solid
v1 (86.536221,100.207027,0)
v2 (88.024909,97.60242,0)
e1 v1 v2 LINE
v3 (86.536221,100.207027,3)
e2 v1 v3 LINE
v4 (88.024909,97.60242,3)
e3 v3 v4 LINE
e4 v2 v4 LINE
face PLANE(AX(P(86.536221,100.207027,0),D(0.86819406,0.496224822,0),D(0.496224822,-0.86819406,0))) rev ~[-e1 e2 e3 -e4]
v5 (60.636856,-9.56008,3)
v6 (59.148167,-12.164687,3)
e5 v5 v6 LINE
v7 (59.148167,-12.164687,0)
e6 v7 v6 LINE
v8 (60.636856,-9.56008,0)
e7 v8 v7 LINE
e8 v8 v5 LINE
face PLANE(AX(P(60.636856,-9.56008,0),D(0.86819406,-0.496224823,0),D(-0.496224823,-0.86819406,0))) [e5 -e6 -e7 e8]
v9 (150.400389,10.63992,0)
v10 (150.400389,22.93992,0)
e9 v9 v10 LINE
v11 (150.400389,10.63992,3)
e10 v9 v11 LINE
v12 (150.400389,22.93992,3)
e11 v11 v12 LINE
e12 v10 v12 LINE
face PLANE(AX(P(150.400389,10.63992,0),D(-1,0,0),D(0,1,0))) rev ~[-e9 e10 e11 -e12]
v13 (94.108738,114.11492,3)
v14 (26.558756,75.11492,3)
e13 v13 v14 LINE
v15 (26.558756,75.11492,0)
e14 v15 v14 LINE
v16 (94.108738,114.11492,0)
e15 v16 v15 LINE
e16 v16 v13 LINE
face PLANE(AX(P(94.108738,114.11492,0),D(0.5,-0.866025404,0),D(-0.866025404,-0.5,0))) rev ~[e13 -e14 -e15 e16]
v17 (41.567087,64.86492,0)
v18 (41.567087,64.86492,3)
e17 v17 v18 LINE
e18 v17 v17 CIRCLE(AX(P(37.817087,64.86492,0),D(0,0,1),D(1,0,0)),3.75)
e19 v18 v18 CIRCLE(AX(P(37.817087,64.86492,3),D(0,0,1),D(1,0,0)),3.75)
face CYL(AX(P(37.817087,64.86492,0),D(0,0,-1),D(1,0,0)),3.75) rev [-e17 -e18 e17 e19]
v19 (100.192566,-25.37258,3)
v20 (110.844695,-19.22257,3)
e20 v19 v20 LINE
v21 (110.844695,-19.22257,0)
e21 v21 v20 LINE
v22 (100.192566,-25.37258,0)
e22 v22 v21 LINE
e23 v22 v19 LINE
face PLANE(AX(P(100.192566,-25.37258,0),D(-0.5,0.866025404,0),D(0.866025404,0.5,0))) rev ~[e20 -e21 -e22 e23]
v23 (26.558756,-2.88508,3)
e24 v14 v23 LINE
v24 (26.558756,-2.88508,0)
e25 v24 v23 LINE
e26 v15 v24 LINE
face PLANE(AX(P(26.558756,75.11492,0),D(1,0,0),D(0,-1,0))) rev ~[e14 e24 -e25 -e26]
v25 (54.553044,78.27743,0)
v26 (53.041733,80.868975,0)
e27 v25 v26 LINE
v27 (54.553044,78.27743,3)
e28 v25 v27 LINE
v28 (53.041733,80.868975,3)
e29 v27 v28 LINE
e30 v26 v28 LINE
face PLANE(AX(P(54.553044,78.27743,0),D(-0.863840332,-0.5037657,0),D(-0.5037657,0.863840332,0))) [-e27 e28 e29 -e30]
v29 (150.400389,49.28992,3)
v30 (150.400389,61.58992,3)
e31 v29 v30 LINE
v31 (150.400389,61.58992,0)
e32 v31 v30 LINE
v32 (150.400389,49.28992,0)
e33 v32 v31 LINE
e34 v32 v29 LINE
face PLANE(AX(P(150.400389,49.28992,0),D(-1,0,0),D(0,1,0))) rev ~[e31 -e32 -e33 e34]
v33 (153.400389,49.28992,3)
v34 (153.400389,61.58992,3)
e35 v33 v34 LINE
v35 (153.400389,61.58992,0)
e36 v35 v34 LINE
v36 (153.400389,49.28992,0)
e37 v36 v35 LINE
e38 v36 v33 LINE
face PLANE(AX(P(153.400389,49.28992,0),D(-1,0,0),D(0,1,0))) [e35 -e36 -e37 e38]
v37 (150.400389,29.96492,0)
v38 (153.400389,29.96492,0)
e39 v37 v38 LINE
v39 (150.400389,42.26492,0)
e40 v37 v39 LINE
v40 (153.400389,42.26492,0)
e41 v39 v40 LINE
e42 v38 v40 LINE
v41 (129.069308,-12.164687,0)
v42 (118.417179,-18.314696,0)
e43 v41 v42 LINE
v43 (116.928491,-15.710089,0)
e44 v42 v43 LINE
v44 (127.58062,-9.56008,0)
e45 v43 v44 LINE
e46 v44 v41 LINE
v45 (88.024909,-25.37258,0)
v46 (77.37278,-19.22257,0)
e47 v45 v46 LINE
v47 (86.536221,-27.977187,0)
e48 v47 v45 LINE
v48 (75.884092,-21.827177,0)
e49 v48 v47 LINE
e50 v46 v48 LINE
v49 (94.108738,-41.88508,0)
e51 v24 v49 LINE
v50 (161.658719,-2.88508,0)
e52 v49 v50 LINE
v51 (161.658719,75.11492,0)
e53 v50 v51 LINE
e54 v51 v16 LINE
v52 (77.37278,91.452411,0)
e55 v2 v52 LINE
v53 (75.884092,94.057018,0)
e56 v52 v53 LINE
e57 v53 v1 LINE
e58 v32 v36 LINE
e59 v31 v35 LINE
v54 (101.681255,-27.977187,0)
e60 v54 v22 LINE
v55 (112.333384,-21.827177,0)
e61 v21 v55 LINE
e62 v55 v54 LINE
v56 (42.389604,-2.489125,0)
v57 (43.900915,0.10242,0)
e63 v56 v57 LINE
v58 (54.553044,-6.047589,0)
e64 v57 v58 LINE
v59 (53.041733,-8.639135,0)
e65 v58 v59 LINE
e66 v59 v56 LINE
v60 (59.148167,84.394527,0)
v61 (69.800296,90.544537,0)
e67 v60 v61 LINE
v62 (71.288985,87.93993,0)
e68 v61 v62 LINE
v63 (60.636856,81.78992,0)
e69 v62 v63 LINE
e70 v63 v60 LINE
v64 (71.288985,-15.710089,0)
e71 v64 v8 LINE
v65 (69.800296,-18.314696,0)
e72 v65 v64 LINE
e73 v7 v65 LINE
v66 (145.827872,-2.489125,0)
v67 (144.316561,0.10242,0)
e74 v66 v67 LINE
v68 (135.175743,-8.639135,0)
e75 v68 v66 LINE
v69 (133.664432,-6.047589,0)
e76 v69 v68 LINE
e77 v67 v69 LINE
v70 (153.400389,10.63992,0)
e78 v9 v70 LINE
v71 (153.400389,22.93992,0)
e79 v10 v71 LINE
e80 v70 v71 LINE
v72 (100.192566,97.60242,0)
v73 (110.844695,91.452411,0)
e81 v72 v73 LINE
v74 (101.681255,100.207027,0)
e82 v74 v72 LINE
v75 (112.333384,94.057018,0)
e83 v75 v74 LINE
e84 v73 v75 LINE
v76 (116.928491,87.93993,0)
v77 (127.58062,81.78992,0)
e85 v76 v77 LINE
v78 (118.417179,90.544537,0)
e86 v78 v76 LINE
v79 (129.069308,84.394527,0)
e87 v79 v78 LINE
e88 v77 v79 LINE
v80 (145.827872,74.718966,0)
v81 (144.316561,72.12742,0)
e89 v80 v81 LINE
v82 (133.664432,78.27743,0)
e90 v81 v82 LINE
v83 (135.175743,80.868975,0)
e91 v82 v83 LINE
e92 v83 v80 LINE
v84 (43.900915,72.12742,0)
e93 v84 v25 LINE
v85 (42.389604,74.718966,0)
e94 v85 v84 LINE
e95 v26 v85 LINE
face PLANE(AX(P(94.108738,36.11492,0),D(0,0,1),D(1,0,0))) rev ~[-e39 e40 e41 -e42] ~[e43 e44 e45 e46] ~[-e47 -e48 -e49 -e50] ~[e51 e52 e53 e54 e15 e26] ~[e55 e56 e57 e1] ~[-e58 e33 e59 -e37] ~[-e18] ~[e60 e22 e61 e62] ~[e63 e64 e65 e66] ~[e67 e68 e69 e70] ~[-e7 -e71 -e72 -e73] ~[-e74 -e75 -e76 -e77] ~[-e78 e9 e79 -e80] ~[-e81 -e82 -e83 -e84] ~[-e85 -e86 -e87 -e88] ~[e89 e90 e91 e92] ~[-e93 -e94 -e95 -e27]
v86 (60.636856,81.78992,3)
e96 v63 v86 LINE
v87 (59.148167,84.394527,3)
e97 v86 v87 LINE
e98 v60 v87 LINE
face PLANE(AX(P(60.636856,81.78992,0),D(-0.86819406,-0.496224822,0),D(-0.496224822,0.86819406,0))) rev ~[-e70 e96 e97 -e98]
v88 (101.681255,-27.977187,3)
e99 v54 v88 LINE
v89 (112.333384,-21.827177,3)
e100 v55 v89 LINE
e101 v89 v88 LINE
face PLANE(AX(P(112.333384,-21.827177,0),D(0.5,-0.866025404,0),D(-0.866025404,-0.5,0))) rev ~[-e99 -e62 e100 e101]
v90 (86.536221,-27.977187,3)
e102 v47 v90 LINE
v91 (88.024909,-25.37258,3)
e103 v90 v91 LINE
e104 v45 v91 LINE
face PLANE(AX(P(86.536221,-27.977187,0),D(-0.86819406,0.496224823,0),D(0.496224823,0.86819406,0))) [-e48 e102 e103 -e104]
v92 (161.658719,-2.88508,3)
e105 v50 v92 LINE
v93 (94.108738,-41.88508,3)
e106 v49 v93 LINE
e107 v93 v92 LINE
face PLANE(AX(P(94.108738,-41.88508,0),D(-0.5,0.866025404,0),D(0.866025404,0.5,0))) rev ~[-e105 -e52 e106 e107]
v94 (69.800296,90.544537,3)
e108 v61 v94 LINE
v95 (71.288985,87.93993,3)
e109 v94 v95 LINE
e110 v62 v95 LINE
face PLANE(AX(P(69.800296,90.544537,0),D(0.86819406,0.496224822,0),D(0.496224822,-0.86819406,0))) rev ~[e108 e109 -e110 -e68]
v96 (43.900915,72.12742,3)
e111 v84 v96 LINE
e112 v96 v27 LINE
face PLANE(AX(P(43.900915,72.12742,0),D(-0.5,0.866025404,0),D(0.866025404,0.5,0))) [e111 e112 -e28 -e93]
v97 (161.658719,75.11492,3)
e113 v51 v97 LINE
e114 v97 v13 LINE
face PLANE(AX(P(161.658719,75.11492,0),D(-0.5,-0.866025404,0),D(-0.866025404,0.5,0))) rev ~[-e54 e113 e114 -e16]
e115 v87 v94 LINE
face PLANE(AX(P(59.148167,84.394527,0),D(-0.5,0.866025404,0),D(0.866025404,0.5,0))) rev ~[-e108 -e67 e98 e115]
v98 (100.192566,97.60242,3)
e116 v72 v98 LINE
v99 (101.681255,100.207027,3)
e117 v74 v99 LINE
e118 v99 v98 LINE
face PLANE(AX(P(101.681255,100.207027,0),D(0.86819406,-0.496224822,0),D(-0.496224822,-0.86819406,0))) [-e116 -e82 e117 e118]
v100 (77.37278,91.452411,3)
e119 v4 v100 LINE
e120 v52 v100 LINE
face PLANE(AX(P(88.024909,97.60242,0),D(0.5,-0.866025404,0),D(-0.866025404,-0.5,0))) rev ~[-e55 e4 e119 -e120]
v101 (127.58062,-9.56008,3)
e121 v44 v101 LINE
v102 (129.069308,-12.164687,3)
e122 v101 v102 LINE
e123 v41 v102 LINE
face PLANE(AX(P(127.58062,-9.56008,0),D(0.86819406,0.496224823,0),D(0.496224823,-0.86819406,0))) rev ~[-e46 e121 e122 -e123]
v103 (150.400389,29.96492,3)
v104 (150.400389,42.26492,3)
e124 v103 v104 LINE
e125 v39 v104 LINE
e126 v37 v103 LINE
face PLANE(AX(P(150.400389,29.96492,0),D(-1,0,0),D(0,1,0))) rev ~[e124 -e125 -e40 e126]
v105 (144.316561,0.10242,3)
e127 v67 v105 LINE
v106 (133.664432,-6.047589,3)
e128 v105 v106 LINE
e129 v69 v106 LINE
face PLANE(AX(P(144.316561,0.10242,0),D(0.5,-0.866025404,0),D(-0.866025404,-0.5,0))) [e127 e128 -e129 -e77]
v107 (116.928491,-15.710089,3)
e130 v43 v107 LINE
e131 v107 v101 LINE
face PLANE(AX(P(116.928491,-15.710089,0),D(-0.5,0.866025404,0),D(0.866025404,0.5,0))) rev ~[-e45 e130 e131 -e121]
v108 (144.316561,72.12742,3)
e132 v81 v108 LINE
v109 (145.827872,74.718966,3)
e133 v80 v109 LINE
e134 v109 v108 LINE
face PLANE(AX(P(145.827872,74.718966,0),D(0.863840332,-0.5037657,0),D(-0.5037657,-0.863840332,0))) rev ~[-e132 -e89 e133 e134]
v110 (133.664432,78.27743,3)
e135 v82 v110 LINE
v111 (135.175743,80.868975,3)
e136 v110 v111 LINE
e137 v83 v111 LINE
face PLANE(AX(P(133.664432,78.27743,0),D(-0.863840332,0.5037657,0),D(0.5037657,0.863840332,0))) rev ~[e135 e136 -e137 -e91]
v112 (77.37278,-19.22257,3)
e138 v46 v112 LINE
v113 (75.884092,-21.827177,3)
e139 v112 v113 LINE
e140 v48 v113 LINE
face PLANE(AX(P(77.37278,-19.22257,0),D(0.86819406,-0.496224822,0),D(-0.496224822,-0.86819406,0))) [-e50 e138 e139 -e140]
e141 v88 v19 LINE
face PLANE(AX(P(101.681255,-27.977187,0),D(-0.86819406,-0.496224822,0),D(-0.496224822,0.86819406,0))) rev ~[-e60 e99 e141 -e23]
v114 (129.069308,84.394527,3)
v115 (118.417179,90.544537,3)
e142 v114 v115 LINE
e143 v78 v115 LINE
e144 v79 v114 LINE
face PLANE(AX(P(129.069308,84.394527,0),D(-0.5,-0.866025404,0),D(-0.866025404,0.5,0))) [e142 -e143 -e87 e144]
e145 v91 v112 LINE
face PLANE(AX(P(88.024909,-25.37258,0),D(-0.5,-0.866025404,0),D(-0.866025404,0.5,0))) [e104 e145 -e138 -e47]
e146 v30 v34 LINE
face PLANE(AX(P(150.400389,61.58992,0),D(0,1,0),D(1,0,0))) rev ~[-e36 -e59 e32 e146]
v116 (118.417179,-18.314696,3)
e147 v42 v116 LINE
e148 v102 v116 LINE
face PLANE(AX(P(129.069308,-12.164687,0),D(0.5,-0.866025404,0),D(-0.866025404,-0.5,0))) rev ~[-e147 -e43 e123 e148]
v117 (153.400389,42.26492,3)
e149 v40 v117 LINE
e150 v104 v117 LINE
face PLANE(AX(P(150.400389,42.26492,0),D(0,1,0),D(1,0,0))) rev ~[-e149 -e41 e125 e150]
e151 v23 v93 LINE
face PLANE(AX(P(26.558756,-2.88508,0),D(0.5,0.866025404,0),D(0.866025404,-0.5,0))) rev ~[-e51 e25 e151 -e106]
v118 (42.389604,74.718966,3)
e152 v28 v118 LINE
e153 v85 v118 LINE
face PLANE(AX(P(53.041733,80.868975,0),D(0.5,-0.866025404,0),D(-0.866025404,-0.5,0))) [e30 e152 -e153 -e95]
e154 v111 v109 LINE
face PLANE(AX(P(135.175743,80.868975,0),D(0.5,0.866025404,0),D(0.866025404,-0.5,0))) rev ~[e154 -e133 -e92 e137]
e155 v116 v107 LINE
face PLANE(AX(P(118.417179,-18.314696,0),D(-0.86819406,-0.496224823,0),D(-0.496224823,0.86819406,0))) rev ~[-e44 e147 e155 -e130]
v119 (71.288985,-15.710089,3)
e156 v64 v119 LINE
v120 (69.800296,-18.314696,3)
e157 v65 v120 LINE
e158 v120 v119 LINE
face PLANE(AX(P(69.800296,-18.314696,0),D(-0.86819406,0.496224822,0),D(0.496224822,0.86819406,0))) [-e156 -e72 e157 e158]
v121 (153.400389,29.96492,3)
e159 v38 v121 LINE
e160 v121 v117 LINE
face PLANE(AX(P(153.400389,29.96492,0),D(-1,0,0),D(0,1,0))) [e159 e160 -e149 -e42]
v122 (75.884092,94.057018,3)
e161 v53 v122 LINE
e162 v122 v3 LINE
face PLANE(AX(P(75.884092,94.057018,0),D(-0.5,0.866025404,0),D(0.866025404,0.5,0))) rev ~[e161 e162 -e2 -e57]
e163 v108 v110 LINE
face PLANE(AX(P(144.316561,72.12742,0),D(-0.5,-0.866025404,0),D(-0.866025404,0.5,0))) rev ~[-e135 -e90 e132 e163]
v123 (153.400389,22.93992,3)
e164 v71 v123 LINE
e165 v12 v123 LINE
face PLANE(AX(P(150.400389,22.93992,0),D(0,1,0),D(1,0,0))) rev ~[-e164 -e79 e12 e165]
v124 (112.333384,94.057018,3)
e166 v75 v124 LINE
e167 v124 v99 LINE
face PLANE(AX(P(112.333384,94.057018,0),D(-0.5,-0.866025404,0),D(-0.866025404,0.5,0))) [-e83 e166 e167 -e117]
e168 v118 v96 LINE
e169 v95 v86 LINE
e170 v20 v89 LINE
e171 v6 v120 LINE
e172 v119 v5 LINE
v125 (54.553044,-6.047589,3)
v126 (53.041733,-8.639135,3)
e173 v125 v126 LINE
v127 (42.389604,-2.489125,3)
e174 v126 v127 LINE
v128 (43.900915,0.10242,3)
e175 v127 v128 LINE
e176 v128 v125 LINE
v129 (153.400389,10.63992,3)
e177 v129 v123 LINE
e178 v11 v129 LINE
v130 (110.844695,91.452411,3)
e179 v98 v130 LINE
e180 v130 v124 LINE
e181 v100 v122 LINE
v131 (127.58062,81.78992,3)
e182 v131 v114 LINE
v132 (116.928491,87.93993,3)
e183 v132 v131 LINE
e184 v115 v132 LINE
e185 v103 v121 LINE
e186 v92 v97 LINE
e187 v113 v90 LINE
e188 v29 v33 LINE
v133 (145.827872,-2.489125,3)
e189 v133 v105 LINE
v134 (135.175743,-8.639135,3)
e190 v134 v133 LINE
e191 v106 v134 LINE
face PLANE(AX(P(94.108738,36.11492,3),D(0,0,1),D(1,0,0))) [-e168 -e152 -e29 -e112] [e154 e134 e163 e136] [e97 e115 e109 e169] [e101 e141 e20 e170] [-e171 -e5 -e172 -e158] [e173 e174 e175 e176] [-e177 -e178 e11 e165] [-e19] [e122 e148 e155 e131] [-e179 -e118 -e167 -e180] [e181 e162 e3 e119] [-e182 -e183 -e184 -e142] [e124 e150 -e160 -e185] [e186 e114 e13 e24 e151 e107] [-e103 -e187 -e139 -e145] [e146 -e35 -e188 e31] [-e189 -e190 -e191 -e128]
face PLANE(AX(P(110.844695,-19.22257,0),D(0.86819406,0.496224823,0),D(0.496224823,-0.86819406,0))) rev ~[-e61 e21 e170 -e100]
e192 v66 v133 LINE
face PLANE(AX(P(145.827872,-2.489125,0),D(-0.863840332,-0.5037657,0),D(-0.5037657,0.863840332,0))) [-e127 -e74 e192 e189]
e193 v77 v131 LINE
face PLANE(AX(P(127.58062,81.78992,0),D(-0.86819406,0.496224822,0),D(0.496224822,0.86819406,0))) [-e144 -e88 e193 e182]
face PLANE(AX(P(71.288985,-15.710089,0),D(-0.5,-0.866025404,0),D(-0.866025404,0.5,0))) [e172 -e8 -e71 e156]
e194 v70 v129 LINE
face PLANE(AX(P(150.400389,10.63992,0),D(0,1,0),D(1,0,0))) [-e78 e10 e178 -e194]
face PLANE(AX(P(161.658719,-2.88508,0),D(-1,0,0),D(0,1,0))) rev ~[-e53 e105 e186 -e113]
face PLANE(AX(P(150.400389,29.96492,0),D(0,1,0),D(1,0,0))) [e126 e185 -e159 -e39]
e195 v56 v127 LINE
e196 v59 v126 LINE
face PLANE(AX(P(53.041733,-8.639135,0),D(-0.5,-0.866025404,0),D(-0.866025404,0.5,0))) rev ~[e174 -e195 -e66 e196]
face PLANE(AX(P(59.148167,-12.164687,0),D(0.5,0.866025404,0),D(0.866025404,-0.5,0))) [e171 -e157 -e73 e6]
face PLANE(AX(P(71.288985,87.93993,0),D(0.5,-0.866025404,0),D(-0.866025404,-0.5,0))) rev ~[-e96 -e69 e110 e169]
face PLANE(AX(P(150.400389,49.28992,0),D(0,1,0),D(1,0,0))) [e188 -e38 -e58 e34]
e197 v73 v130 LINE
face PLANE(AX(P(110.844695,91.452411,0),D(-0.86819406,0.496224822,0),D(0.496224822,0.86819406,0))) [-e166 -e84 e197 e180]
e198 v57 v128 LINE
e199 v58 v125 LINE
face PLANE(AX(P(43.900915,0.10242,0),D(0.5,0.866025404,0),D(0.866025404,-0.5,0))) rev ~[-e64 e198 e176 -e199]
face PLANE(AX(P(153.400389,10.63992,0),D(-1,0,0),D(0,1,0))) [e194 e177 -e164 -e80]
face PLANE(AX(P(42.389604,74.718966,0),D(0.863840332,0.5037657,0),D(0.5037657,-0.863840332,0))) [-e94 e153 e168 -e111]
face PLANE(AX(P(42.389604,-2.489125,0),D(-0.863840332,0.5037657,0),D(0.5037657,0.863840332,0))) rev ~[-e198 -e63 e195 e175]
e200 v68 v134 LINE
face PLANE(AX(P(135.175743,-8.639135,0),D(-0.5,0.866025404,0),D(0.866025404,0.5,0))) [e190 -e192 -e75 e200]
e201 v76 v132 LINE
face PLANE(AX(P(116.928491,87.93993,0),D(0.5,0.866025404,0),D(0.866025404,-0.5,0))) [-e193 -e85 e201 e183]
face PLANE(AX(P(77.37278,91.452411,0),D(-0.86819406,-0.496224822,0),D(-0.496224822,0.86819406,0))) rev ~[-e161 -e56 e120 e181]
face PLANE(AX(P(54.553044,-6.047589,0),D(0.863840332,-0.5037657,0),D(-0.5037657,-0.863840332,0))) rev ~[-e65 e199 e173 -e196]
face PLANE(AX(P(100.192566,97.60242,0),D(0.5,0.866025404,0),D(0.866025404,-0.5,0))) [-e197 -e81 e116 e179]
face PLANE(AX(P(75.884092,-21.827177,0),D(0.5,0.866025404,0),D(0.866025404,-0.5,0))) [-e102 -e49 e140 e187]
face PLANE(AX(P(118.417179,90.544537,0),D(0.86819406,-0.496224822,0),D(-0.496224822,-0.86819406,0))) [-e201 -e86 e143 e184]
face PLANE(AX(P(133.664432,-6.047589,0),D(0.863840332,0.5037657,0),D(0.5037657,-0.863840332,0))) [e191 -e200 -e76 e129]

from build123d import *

# Parameters (mm, degrees)
CROQUIS1_R              = 3.75
CROQUIS1_W              = 3
CROQUIS1_H              = 12.3
SALIENTE_EXTRUIR1_DEPTH = 3


with BuildPart() as part:
    # Croquis1 → Saliente-Extruir1 (new body)
    with BuildSketch(Plane.XY):
        Polygon((94.108737778, 114.11492022), (26.558756283, 75.11492022), (26.558756283, -2.88507978), (94.108737778, -41.88507978), (161.658719273, -2.88507978), (161.658719273, 75.11492022), align=None)
        with Locations((37.817086532, 64.86492022)):
            Circle(CROQUIS1_R, mode=Mode.SUBTRACT)
        Polygon((101.681254795, 100.207027049), (100.19256624, 97.60242022), (110.844695242, 91.452410673), (112.333383798, 94.057017502), align=None, mode=Mode.SUBTRACT)
        Polygon((135.175742963, 80.868975289), (145.827871965, 74.718965742), (144.316560563, 72.12742022), (133.66443156, 78.277429767), align=None, mode=Mode.SUBTRACT)
        Polygon((133.66443156, -6.047589327), (135.175742963, -8.639134849), (145.827871965, -2.489125302), (144.316560563, 0.10242022), align=None, mode=Mode.SUBTRACT)
        Polygon((118.417179188, 90.544536596), (116.928490632, 87.939929767), (127.580619634, 81.78992022), (129.06930819, 84.394527049), align=None, mode=Mode.SUBTRACT)
        Polygon((129.06930819, -12.164686608), (118.417179188, -18.314696155), (116.928490632, -15.710089327), (127.580619634, -9.56007978), align=None, mode=Mode.SUBTRACT)
        Polygon((112.333383798, -21.827177061), (101.681254795, -27.977186608), (100.19256624, -25.37257978), (110.844695242, -19.222570233), align=None, mode=Mode.SUBTRACT)
        Polygon((77.372780314, -19.222570233), (75.884091759, -21.827177061), (86.536220761, -27.977186608), (88.024909317, -25.37257978), align=None, mode=Mode.SUBTRACT)
        Polygon((60.636855922, -9.56007978), (59.148167366, -12.164686608), (69.800296369, -18.314696155), (71.288984924, -15.710089327), align=None, mode=Mode.SUBTRACT)
        Polygon((43.900914994, 0.10242022), (54.553043996, -6.047589327), (53.041732593, -8.639134849), (42.389603591, -2.489125302), align=None, mode=Mode.SUBTRACT)
        Polygon((54.553043996, 78.277429767), (53.041732593, 80.868975289), (42.389603591, 74.718965742), (43.900914994, 72.12742022), align=None, mode=Mode.SUBTRACT)
        Polygon((59.148167366, 84.394527049), (69.800296369, 90.544536596), (71.288984924, 87.939929767), (60.636855922, 81.78992022), align=None, mode=Mode.SUBTRACT)
        Polygon((75.884091759, 94.057017502), (86.536220761, 100.207027049), (88.024909317, 97.60242022), (77.372780314, 91.452410673), align=None, mode=Mode.SUBTRACT)
        with Locations((151.900389024, 55.43992022)):
            Rectangle(CROQUIS1_W, CROQUIS1_H, mode=Mode.SUBTRACT)
        with Locations((151.900389024, 36.11492022)):
            Rectangle(CROQUIS1_W, CROQUIS1_H, mode=Mode.SUBTRACT)
        with Locations((151.900389024, 16.78992022)):
            Rectangle(CROQUIS1_W, CROQUIS1_H, mode=Mode.SUBTRACT)
    extrude(amount=SALIENTE_EXTRUIR1_DEPTH)


solid = part.part
